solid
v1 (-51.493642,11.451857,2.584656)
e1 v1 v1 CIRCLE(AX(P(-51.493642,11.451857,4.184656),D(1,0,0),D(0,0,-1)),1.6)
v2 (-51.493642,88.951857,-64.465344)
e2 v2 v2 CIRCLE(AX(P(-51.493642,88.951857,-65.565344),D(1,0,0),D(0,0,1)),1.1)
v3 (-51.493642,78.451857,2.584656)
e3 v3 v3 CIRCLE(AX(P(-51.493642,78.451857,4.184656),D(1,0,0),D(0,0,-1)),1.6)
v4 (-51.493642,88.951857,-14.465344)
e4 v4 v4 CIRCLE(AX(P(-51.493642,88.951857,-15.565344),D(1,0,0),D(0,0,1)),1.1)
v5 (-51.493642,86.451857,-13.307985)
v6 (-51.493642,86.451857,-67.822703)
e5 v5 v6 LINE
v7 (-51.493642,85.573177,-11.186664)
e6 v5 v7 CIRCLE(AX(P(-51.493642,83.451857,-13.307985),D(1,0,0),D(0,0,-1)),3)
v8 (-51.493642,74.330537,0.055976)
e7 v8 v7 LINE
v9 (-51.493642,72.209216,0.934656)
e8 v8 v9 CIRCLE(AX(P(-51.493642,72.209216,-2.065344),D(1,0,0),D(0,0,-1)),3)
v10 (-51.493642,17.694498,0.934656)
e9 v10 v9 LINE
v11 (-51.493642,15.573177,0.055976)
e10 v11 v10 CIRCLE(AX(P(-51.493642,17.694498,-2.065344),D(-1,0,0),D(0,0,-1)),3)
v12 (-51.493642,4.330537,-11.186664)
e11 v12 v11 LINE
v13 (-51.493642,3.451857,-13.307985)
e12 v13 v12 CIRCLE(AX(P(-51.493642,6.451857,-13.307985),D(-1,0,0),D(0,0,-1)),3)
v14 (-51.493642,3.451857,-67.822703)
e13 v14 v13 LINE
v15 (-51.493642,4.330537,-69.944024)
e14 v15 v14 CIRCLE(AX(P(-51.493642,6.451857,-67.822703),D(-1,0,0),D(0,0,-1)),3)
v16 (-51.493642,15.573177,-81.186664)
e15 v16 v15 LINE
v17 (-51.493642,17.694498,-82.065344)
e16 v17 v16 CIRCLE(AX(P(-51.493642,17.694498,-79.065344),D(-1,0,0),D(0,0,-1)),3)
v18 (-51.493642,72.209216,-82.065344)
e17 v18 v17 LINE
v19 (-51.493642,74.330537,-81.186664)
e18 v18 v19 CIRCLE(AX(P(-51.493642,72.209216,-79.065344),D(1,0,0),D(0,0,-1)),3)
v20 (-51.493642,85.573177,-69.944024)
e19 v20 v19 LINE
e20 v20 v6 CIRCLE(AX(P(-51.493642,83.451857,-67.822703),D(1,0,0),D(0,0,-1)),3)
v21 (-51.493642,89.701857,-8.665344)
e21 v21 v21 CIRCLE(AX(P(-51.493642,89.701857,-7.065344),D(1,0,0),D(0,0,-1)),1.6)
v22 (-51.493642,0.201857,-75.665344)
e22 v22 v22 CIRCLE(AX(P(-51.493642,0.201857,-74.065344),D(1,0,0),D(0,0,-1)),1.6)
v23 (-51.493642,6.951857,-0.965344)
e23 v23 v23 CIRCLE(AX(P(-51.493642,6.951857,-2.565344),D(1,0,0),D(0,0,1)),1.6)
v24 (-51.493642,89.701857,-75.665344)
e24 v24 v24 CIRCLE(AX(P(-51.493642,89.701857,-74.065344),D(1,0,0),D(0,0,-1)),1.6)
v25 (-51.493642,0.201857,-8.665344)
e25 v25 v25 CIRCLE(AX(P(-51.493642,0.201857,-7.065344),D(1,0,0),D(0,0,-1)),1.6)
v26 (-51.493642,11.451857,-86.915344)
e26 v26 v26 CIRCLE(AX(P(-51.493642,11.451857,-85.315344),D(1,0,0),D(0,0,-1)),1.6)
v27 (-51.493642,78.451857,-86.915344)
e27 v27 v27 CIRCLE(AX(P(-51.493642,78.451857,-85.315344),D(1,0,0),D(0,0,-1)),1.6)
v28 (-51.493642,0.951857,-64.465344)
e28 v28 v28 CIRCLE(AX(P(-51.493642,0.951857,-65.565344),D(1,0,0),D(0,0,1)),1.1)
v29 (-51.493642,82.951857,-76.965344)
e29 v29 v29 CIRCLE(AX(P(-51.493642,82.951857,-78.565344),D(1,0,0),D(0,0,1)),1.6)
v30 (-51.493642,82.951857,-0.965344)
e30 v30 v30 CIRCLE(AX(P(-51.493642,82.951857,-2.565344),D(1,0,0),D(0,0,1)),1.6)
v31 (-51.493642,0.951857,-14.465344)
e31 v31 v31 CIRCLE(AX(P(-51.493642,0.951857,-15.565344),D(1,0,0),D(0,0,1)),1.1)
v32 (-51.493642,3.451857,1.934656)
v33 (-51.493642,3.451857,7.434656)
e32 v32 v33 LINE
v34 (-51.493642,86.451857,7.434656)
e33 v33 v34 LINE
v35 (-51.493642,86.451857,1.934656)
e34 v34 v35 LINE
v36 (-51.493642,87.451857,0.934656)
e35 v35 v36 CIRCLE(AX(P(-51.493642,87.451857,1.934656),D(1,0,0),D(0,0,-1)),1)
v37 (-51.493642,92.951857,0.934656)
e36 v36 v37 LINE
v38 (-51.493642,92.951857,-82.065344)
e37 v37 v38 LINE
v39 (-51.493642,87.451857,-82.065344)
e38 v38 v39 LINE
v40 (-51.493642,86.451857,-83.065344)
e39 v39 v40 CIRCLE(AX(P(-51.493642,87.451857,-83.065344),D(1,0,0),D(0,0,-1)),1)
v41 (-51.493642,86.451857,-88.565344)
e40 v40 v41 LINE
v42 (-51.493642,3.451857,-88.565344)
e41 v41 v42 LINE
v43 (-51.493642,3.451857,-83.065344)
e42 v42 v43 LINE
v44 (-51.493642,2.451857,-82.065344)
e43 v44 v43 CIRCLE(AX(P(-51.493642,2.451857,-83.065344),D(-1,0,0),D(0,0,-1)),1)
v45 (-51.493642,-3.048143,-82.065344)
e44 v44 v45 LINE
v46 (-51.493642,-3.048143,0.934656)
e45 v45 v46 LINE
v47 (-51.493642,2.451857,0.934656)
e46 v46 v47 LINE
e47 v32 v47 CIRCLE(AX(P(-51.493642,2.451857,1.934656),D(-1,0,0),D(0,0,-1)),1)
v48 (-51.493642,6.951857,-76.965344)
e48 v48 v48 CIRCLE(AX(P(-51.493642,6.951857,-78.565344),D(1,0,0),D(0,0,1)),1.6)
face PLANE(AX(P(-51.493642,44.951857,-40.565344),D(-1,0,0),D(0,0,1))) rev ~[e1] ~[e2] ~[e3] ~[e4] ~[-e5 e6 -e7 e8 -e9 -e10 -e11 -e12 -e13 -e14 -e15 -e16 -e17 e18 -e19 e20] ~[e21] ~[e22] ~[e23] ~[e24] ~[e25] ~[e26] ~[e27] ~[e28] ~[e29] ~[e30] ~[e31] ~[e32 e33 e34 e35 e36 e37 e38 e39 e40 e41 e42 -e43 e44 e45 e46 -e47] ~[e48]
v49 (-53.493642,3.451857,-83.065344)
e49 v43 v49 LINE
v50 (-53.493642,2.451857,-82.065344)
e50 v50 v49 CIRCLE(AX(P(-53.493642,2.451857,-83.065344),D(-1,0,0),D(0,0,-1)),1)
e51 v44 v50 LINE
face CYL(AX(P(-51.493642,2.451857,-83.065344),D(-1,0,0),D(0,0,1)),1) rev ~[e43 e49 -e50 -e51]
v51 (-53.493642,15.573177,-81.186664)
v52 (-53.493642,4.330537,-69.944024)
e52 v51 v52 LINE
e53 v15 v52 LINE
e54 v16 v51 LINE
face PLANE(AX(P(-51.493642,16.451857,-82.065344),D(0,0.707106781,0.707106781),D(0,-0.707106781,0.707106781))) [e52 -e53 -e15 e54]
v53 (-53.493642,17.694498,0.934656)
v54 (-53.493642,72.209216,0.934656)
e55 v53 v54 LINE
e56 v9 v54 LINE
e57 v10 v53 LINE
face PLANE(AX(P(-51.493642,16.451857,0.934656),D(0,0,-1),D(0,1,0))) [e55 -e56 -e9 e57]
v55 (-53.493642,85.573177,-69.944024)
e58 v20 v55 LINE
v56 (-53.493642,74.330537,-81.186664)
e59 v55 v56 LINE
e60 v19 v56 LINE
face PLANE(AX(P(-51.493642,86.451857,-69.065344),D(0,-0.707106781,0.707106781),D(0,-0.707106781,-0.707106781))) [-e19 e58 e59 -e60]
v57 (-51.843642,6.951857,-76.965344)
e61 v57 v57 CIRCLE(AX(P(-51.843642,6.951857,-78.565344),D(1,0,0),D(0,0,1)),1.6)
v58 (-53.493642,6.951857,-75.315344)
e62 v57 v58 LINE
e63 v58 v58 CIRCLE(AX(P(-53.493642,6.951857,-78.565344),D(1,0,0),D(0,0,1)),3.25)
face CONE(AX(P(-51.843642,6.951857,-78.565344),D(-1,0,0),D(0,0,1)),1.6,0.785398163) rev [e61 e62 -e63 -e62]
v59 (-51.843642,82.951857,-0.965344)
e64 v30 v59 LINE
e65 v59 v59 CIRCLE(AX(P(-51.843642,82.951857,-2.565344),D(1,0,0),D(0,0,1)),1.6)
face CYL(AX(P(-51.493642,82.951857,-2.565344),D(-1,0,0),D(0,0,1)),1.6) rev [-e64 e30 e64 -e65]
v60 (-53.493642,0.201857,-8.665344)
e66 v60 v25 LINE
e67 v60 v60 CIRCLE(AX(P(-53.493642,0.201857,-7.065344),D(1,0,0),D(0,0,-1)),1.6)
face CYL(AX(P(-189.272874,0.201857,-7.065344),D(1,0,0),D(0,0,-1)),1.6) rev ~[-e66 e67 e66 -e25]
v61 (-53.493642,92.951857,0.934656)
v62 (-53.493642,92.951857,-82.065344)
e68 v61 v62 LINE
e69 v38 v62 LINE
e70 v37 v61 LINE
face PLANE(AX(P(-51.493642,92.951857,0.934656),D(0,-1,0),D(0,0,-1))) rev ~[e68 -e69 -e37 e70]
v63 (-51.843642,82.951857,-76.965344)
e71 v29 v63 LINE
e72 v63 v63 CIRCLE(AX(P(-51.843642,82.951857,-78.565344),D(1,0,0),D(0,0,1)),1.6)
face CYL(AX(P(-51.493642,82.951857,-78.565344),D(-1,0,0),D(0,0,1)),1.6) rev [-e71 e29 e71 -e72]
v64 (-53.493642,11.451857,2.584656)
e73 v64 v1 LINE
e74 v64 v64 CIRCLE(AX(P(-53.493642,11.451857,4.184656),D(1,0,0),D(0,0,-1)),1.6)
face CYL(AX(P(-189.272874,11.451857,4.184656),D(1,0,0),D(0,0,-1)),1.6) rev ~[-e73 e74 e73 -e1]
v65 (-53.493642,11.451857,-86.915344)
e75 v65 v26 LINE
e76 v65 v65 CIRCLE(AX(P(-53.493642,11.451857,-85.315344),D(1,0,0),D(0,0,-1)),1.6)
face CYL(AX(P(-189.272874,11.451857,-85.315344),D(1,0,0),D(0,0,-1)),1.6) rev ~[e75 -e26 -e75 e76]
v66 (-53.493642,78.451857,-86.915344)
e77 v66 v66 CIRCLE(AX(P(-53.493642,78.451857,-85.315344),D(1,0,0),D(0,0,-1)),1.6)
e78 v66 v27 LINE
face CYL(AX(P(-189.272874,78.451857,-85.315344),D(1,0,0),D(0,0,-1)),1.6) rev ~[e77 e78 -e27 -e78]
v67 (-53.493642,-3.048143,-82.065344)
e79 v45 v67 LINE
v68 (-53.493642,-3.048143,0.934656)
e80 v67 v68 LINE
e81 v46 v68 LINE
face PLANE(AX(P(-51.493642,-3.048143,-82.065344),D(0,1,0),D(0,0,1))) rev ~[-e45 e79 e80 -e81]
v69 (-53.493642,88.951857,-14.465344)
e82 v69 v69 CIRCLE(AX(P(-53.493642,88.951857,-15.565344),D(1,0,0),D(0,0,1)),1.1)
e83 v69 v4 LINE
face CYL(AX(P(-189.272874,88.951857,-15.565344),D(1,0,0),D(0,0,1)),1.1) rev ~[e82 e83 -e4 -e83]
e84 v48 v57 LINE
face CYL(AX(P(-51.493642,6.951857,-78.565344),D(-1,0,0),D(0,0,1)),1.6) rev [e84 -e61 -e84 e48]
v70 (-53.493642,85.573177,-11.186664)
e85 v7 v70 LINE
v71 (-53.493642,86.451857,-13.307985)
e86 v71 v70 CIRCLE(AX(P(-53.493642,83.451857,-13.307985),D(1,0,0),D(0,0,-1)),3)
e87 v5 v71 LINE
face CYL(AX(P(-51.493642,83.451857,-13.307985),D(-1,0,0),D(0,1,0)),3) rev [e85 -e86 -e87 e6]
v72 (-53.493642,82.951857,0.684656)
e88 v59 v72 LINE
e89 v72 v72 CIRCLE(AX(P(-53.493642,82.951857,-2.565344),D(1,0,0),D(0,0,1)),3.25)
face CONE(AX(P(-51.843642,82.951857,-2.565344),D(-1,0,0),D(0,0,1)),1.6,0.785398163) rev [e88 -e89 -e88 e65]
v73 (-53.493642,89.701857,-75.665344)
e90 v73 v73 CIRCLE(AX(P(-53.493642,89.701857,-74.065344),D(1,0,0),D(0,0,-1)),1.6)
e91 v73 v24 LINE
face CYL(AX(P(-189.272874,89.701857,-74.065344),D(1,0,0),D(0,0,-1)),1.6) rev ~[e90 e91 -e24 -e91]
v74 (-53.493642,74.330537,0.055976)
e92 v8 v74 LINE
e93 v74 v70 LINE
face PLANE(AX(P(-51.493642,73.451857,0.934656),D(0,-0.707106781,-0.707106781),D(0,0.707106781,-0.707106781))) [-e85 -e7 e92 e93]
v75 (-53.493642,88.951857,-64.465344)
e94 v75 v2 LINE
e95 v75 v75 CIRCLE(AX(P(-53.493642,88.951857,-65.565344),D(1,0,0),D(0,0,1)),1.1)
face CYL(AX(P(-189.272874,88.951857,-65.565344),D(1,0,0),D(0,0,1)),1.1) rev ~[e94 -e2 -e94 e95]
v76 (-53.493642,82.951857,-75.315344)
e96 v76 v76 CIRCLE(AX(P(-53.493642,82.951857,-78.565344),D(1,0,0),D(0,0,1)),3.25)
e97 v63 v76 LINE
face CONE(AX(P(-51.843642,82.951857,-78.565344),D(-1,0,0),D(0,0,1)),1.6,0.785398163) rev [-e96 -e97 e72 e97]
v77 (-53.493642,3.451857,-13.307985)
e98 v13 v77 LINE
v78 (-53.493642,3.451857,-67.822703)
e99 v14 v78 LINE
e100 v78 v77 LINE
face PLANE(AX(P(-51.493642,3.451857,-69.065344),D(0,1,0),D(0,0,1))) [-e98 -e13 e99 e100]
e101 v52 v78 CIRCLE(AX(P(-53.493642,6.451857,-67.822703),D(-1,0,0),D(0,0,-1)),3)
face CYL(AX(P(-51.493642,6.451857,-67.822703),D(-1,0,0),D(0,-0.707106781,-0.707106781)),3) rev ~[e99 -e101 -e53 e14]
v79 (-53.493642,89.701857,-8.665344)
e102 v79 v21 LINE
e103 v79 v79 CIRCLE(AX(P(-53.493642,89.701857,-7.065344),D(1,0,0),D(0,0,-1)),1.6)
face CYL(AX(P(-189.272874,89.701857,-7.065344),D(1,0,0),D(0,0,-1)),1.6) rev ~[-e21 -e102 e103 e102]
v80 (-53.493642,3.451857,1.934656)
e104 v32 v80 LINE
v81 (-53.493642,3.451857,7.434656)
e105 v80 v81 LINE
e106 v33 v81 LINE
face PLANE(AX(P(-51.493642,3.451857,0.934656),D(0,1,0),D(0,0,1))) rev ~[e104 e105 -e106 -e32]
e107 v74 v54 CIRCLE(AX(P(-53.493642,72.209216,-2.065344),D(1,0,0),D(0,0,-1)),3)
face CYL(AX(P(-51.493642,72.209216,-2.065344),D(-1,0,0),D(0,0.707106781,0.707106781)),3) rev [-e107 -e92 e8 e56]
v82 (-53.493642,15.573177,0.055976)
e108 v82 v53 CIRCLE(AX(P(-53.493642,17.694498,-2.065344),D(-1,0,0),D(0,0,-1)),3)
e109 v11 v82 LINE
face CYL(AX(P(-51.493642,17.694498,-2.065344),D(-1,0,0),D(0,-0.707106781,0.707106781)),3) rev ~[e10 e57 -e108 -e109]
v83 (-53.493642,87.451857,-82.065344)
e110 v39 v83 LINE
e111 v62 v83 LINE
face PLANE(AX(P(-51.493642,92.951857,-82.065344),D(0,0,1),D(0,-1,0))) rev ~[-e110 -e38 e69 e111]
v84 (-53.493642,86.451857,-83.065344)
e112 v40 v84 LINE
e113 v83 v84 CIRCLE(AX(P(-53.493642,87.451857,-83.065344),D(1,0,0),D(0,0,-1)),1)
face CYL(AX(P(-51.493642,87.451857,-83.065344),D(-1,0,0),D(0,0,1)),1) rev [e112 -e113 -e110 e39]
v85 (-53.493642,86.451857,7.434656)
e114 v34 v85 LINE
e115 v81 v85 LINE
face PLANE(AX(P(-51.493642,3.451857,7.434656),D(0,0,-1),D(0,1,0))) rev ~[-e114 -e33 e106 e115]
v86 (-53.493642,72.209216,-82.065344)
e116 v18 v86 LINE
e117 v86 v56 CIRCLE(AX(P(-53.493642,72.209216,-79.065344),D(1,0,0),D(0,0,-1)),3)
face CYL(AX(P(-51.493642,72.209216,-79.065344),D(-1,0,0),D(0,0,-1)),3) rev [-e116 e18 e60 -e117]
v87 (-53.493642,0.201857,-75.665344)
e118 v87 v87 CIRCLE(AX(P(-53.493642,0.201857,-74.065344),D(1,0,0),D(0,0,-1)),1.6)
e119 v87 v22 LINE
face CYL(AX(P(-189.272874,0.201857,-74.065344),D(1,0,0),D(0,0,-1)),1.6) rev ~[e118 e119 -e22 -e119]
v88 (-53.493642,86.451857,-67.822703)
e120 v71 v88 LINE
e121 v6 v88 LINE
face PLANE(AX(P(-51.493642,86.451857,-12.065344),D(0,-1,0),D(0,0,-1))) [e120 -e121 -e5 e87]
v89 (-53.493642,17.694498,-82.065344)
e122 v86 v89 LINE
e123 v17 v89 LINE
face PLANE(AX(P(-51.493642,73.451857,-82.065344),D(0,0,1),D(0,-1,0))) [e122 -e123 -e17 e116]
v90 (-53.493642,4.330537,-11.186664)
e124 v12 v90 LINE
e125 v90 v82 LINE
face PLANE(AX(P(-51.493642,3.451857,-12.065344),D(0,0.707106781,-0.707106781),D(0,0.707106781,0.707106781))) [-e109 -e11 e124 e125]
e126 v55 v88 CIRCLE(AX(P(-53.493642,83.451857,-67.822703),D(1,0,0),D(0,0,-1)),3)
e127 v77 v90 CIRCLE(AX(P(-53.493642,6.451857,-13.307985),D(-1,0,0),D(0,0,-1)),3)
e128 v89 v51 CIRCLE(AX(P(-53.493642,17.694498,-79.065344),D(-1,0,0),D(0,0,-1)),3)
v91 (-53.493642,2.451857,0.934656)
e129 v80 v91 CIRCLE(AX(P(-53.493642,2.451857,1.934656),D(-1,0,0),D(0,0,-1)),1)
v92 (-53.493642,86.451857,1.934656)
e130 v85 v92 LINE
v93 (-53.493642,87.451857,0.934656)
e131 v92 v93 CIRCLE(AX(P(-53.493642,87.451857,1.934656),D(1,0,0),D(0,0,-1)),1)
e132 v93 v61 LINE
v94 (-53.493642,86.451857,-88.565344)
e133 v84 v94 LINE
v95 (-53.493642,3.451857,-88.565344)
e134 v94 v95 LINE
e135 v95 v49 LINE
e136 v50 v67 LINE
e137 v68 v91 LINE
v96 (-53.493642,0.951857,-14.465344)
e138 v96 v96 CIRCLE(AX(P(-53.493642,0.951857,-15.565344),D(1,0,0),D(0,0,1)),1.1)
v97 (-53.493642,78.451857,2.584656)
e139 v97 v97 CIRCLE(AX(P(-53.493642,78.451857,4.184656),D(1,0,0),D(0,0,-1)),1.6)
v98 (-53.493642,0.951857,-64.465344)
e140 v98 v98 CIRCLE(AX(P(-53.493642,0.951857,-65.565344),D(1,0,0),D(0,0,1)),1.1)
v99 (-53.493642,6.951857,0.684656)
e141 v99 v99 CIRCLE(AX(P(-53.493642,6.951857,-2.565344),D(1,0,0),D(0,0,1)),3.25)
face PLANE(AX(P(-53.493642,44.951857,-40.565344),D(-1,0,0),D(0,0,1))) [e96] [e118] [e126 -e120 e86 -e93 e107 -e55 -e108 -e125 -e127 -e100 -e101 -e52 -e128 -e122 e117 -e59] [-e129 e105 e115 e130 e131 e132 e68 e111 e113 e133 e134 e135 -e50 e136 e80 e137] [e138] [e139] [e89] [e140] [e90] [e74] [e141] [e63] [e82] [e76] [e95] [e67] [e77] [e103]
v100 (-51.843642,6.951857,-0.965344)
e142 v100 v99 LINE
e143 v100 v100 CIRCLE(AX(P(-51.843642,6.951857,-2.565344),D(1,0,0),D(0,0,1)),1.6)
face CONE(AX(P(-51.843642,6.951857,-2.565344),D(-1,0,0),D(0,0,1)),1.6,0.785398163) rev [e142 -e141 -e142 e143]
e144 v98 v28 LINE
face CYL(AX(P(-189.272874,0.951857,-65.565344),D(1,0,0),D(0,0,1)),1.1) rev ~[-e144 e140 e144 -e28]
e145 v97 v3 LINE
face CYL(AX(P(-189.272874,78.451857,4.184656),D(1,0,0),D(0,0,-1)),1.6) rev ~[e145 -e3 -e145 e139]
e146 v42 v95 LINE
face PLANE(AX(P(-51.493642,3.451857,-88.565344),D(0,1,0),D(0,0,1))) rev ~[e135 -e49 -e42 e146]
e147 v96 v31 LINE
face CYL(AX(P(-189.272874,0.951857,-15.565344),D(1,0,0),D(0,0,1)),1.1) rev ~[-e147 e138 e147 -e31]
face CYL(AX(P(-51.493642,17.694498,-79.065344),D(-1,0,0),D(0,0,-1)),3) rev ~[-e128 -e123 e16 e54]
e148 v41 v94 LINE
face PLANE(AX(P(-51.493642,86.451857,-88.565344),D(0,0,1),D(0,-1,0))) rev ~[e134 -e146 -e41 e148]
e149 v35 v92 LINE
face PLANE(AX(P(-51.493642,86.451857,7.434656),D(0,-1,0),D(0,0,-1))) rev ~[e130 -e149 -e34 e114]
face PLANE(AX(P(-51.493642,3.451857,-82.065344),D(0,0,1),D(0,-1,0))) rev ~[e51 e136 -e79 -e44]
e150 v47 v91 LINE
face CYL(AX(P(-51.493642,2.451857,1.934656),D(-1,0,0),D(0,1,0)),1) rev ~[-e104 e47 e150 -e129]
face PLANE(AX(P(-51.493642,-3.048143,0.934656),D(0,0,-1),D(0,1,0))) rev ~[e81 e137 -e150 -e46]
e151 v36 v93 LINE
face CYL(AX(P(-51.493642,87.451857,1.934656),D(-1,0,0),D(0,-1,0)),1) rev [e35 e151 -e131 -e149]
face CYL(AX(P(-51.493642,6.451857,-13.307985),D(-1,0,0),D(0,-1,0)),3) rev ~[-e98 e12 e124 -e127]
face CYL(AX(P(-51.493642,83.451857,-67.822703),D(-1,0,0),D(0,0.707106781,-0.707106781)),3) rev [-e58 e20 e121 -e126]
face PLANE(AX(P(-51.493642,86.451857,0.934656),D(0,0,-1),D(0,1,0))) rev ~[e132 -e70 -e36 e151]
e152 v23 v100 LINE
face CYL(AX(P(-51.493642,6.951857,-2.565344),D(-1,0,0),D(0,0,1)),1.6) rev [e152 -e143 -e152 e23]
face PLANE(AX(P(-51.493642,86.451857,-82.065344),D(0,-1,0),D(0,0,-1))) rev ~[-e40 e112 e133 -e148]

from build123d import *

# Parameters (mm, degrees)
BOSS_EXTRUDE2_DEPTH                          = 2
F_3_2_3_2_DIAMETER_HOLE3_D                   = 3.2
CSK_FOR_M3_FLAT_COUNTERSUNK_HEAD_SCR_2_COUNT = 2
CSK_FOR_M3_FLAT_COUNTERSUNK_HEAD_SCR_2_PITCH = 76
CSK_FOR_M3_FLAT_COUNTERSUNK_HEAD_SCR_3_COUNT = 2
CSK_FOR_M3_FLAT_COUNTERSUNK_HEAD_SCR_3_PITCH = 107.48023074
CSK_FOR_M3_FLAT_COUNTERSUNK_HEAD_SCR_4_COUNT = 2
CSK_FOR_M3_FLAT_COUNTERSUNK_HEAD_SCR_4_PITCH = 76
F_2_2_2_2_DIAMETER_HOLE1_D                   = 2.2
FILLET1_R                                    = 3
FILLET2_R                                    = 1


with BuildPart() as part:
    # Sketch2 → Boss-Extrude2 (new body)
    with BuildSketch(Plane.ZY.offset(51.493641502)):
        Polygon((0.93465612, 3.45185693), (7.43465612, 3.45185693), (7.43465612, 86.45185693), (0.93465612, 86.45185693), (0.93465612, 92.95185693), (-82.06534388, 92.95185693), (-82.06534388, 86.45185693), (-88.56534388, 86.45185693), (-88.56534388, 3.45185693), (-82.06534388, 3.45185693), (-82.06534388, -3.04814307), (0.93465612, -3.04814307), align=None)
        Polygon((-82.06534388, 73.45185693), (-82.06534388, 16.45185693), (-69.06534388, 3.45185693), (-12.06534388, 3.45185693), (0.93465612, 16.45185693), (0.93465612, 73.45185693), (-12.06534388, 86.45185693), (-69.06534388, 86.45185693), align=None, mode=Mode.SUBTRACT)
    extrude(amount=BOSS_EXTRUDE2_DEPTH)

    # Ø3.2 (3.2) Diameter Hole3 (through all)
    with Locations(Plane.ZY.offset(53.493641502)):
        with Locations((-74.06534388, 0.20185693), (-85.31534388, 11.45185693), (-85.31534388, 78.45185693), (-74.06534388, 89.70185693), (-7.06534388, 89.70185693), (4.18465612, 78.45185693), (4.18465612, 11.45185693), (-7.06534388, 0.20185693)):
            Hole(F_3_2_3_2_DIAMETER_HOLE3_D / 2)

    # Sketch24 → CSK for M3 Flat Countersunk Head Screw5 (revolve, cut)
    with BuildSketch(Plane(origin=(-53.493641502, 6.95185693, -78.56534388), x_dir=(0, 0, 1), z_dir=(0, 1, 0))):
        Polygon((0, 0), (0, 2), (1.6, 2), (1.6, 1.65), (3.25, 0), align=None)
    csk_for_m3_flat_countersunk_head_screw5 = revolve(axis=Axis((-59.843641502, 6.95185693, -78.56534388), (1, 0, 0)), mode=Mode.SUBTRACT)

    # CSK for M3 Flat Countersunk Head Scr 2: CSK for M3 Flat Countersunk Head Screw5 ×2
    with Locations(*[(0, i * CSK_FOR_M3_FLAT_COUNTERSUNK_HEAD_SCR_2_PITCH, 0) for i in range(1, CSK_FOR_M3_FLAT_COUNTERSUNK_HEAD_SCR_2_COUNT)]):
        add(csk_for_m3_flat_countersunk_head_screw5, mode=Mode.SUBTRACT)

    # CSK for M3 Flat Countersunk Head Scr 3: CSK for M3 Flat Countersunk Head Screw5 ×2
    with Locations(*[Vector(0, 0.7071067811865478, 0.7071067811865472) * (i * CSK_FOR_M3_FLAT_COUNTERSUNK_HEAD_SCR_3_PITCH) for i in range(1, CSK_FOR_M3_FLAT_COUNTERSUNK_HEAD_SCR_3_COUNT)]):
        add(csk_for_m3_flat_countersunk_head_screw5, mode=Mode.SUBTRACT)

    # CSK for M3 Flat Countersunk Head Scr 4: CSK for M3 Flat Countersunk Head Screw5 ×2
    with Locations(*[(0, 0, i * CSK_FOR_M3_FLAT_COUNTERSUNK_HEAD_SCR_4_PITCH) for i in range(1, CSK_FOR_M3_FLAT_COUNTERSUNK_HEAD_SCR_4_COUNT)]):
        add(csk_for_m3_flat_countersunk_head_screw5, mode=Mode.SUBTRACT)

    # Ø2.2 (2.2) Diameter Hole1 (through all)
    with Locations(Plane(origin=(-53.493641502, 88.95185693, -65.56534388), x_dir=(0, 0, -1), z_dir=(-1, 0, 0))):
        with Locations((0, 0), (-50, 0), (0, 88), (-50, 88)):
            Hole(F_2_2_2_2_DIAMETER_HOLE1_D / 2)

    # Fillet1
    fillet1_edges = [part.edges().sort_by_distance(p)[0] for p in [
        (-52.493641502, 86.45185693, -69.06534388),
        (-52.493641502, 73.45185693, -82.06534388),
        (-52.493641502, 16.45185693, -82.06534388),
        (-52.493641502, 3.45185693, -69.06534388),
        (-52.493641502, 3.45185693, -12.06534388),
        (-52.493641502, 16.45185693, 0.93465612),
        (-52.493641502, 73.45185693, 0.93465612),
        (-52.493641502, 86.45185693, -12.06534388),
    ]]
    fillet(fillet1_edges, radius=FILLET1_R)

    # Fillet2
    fillet2_edges = [part.edges().sort_by_distance(p)[0] for p in [
        (-52.493641502, 3.45185693, -82.06534388),
        (-52.493641502, 86.45185693, -82.06534388),
        (-52.493641502, 86.45185693, 0.93465612),
        (-52.493641502, 3.45185693, 0.93465612),
    ]]
    fillet(fillet2_edges, radius=FILLET2_R)


solid = part.part
